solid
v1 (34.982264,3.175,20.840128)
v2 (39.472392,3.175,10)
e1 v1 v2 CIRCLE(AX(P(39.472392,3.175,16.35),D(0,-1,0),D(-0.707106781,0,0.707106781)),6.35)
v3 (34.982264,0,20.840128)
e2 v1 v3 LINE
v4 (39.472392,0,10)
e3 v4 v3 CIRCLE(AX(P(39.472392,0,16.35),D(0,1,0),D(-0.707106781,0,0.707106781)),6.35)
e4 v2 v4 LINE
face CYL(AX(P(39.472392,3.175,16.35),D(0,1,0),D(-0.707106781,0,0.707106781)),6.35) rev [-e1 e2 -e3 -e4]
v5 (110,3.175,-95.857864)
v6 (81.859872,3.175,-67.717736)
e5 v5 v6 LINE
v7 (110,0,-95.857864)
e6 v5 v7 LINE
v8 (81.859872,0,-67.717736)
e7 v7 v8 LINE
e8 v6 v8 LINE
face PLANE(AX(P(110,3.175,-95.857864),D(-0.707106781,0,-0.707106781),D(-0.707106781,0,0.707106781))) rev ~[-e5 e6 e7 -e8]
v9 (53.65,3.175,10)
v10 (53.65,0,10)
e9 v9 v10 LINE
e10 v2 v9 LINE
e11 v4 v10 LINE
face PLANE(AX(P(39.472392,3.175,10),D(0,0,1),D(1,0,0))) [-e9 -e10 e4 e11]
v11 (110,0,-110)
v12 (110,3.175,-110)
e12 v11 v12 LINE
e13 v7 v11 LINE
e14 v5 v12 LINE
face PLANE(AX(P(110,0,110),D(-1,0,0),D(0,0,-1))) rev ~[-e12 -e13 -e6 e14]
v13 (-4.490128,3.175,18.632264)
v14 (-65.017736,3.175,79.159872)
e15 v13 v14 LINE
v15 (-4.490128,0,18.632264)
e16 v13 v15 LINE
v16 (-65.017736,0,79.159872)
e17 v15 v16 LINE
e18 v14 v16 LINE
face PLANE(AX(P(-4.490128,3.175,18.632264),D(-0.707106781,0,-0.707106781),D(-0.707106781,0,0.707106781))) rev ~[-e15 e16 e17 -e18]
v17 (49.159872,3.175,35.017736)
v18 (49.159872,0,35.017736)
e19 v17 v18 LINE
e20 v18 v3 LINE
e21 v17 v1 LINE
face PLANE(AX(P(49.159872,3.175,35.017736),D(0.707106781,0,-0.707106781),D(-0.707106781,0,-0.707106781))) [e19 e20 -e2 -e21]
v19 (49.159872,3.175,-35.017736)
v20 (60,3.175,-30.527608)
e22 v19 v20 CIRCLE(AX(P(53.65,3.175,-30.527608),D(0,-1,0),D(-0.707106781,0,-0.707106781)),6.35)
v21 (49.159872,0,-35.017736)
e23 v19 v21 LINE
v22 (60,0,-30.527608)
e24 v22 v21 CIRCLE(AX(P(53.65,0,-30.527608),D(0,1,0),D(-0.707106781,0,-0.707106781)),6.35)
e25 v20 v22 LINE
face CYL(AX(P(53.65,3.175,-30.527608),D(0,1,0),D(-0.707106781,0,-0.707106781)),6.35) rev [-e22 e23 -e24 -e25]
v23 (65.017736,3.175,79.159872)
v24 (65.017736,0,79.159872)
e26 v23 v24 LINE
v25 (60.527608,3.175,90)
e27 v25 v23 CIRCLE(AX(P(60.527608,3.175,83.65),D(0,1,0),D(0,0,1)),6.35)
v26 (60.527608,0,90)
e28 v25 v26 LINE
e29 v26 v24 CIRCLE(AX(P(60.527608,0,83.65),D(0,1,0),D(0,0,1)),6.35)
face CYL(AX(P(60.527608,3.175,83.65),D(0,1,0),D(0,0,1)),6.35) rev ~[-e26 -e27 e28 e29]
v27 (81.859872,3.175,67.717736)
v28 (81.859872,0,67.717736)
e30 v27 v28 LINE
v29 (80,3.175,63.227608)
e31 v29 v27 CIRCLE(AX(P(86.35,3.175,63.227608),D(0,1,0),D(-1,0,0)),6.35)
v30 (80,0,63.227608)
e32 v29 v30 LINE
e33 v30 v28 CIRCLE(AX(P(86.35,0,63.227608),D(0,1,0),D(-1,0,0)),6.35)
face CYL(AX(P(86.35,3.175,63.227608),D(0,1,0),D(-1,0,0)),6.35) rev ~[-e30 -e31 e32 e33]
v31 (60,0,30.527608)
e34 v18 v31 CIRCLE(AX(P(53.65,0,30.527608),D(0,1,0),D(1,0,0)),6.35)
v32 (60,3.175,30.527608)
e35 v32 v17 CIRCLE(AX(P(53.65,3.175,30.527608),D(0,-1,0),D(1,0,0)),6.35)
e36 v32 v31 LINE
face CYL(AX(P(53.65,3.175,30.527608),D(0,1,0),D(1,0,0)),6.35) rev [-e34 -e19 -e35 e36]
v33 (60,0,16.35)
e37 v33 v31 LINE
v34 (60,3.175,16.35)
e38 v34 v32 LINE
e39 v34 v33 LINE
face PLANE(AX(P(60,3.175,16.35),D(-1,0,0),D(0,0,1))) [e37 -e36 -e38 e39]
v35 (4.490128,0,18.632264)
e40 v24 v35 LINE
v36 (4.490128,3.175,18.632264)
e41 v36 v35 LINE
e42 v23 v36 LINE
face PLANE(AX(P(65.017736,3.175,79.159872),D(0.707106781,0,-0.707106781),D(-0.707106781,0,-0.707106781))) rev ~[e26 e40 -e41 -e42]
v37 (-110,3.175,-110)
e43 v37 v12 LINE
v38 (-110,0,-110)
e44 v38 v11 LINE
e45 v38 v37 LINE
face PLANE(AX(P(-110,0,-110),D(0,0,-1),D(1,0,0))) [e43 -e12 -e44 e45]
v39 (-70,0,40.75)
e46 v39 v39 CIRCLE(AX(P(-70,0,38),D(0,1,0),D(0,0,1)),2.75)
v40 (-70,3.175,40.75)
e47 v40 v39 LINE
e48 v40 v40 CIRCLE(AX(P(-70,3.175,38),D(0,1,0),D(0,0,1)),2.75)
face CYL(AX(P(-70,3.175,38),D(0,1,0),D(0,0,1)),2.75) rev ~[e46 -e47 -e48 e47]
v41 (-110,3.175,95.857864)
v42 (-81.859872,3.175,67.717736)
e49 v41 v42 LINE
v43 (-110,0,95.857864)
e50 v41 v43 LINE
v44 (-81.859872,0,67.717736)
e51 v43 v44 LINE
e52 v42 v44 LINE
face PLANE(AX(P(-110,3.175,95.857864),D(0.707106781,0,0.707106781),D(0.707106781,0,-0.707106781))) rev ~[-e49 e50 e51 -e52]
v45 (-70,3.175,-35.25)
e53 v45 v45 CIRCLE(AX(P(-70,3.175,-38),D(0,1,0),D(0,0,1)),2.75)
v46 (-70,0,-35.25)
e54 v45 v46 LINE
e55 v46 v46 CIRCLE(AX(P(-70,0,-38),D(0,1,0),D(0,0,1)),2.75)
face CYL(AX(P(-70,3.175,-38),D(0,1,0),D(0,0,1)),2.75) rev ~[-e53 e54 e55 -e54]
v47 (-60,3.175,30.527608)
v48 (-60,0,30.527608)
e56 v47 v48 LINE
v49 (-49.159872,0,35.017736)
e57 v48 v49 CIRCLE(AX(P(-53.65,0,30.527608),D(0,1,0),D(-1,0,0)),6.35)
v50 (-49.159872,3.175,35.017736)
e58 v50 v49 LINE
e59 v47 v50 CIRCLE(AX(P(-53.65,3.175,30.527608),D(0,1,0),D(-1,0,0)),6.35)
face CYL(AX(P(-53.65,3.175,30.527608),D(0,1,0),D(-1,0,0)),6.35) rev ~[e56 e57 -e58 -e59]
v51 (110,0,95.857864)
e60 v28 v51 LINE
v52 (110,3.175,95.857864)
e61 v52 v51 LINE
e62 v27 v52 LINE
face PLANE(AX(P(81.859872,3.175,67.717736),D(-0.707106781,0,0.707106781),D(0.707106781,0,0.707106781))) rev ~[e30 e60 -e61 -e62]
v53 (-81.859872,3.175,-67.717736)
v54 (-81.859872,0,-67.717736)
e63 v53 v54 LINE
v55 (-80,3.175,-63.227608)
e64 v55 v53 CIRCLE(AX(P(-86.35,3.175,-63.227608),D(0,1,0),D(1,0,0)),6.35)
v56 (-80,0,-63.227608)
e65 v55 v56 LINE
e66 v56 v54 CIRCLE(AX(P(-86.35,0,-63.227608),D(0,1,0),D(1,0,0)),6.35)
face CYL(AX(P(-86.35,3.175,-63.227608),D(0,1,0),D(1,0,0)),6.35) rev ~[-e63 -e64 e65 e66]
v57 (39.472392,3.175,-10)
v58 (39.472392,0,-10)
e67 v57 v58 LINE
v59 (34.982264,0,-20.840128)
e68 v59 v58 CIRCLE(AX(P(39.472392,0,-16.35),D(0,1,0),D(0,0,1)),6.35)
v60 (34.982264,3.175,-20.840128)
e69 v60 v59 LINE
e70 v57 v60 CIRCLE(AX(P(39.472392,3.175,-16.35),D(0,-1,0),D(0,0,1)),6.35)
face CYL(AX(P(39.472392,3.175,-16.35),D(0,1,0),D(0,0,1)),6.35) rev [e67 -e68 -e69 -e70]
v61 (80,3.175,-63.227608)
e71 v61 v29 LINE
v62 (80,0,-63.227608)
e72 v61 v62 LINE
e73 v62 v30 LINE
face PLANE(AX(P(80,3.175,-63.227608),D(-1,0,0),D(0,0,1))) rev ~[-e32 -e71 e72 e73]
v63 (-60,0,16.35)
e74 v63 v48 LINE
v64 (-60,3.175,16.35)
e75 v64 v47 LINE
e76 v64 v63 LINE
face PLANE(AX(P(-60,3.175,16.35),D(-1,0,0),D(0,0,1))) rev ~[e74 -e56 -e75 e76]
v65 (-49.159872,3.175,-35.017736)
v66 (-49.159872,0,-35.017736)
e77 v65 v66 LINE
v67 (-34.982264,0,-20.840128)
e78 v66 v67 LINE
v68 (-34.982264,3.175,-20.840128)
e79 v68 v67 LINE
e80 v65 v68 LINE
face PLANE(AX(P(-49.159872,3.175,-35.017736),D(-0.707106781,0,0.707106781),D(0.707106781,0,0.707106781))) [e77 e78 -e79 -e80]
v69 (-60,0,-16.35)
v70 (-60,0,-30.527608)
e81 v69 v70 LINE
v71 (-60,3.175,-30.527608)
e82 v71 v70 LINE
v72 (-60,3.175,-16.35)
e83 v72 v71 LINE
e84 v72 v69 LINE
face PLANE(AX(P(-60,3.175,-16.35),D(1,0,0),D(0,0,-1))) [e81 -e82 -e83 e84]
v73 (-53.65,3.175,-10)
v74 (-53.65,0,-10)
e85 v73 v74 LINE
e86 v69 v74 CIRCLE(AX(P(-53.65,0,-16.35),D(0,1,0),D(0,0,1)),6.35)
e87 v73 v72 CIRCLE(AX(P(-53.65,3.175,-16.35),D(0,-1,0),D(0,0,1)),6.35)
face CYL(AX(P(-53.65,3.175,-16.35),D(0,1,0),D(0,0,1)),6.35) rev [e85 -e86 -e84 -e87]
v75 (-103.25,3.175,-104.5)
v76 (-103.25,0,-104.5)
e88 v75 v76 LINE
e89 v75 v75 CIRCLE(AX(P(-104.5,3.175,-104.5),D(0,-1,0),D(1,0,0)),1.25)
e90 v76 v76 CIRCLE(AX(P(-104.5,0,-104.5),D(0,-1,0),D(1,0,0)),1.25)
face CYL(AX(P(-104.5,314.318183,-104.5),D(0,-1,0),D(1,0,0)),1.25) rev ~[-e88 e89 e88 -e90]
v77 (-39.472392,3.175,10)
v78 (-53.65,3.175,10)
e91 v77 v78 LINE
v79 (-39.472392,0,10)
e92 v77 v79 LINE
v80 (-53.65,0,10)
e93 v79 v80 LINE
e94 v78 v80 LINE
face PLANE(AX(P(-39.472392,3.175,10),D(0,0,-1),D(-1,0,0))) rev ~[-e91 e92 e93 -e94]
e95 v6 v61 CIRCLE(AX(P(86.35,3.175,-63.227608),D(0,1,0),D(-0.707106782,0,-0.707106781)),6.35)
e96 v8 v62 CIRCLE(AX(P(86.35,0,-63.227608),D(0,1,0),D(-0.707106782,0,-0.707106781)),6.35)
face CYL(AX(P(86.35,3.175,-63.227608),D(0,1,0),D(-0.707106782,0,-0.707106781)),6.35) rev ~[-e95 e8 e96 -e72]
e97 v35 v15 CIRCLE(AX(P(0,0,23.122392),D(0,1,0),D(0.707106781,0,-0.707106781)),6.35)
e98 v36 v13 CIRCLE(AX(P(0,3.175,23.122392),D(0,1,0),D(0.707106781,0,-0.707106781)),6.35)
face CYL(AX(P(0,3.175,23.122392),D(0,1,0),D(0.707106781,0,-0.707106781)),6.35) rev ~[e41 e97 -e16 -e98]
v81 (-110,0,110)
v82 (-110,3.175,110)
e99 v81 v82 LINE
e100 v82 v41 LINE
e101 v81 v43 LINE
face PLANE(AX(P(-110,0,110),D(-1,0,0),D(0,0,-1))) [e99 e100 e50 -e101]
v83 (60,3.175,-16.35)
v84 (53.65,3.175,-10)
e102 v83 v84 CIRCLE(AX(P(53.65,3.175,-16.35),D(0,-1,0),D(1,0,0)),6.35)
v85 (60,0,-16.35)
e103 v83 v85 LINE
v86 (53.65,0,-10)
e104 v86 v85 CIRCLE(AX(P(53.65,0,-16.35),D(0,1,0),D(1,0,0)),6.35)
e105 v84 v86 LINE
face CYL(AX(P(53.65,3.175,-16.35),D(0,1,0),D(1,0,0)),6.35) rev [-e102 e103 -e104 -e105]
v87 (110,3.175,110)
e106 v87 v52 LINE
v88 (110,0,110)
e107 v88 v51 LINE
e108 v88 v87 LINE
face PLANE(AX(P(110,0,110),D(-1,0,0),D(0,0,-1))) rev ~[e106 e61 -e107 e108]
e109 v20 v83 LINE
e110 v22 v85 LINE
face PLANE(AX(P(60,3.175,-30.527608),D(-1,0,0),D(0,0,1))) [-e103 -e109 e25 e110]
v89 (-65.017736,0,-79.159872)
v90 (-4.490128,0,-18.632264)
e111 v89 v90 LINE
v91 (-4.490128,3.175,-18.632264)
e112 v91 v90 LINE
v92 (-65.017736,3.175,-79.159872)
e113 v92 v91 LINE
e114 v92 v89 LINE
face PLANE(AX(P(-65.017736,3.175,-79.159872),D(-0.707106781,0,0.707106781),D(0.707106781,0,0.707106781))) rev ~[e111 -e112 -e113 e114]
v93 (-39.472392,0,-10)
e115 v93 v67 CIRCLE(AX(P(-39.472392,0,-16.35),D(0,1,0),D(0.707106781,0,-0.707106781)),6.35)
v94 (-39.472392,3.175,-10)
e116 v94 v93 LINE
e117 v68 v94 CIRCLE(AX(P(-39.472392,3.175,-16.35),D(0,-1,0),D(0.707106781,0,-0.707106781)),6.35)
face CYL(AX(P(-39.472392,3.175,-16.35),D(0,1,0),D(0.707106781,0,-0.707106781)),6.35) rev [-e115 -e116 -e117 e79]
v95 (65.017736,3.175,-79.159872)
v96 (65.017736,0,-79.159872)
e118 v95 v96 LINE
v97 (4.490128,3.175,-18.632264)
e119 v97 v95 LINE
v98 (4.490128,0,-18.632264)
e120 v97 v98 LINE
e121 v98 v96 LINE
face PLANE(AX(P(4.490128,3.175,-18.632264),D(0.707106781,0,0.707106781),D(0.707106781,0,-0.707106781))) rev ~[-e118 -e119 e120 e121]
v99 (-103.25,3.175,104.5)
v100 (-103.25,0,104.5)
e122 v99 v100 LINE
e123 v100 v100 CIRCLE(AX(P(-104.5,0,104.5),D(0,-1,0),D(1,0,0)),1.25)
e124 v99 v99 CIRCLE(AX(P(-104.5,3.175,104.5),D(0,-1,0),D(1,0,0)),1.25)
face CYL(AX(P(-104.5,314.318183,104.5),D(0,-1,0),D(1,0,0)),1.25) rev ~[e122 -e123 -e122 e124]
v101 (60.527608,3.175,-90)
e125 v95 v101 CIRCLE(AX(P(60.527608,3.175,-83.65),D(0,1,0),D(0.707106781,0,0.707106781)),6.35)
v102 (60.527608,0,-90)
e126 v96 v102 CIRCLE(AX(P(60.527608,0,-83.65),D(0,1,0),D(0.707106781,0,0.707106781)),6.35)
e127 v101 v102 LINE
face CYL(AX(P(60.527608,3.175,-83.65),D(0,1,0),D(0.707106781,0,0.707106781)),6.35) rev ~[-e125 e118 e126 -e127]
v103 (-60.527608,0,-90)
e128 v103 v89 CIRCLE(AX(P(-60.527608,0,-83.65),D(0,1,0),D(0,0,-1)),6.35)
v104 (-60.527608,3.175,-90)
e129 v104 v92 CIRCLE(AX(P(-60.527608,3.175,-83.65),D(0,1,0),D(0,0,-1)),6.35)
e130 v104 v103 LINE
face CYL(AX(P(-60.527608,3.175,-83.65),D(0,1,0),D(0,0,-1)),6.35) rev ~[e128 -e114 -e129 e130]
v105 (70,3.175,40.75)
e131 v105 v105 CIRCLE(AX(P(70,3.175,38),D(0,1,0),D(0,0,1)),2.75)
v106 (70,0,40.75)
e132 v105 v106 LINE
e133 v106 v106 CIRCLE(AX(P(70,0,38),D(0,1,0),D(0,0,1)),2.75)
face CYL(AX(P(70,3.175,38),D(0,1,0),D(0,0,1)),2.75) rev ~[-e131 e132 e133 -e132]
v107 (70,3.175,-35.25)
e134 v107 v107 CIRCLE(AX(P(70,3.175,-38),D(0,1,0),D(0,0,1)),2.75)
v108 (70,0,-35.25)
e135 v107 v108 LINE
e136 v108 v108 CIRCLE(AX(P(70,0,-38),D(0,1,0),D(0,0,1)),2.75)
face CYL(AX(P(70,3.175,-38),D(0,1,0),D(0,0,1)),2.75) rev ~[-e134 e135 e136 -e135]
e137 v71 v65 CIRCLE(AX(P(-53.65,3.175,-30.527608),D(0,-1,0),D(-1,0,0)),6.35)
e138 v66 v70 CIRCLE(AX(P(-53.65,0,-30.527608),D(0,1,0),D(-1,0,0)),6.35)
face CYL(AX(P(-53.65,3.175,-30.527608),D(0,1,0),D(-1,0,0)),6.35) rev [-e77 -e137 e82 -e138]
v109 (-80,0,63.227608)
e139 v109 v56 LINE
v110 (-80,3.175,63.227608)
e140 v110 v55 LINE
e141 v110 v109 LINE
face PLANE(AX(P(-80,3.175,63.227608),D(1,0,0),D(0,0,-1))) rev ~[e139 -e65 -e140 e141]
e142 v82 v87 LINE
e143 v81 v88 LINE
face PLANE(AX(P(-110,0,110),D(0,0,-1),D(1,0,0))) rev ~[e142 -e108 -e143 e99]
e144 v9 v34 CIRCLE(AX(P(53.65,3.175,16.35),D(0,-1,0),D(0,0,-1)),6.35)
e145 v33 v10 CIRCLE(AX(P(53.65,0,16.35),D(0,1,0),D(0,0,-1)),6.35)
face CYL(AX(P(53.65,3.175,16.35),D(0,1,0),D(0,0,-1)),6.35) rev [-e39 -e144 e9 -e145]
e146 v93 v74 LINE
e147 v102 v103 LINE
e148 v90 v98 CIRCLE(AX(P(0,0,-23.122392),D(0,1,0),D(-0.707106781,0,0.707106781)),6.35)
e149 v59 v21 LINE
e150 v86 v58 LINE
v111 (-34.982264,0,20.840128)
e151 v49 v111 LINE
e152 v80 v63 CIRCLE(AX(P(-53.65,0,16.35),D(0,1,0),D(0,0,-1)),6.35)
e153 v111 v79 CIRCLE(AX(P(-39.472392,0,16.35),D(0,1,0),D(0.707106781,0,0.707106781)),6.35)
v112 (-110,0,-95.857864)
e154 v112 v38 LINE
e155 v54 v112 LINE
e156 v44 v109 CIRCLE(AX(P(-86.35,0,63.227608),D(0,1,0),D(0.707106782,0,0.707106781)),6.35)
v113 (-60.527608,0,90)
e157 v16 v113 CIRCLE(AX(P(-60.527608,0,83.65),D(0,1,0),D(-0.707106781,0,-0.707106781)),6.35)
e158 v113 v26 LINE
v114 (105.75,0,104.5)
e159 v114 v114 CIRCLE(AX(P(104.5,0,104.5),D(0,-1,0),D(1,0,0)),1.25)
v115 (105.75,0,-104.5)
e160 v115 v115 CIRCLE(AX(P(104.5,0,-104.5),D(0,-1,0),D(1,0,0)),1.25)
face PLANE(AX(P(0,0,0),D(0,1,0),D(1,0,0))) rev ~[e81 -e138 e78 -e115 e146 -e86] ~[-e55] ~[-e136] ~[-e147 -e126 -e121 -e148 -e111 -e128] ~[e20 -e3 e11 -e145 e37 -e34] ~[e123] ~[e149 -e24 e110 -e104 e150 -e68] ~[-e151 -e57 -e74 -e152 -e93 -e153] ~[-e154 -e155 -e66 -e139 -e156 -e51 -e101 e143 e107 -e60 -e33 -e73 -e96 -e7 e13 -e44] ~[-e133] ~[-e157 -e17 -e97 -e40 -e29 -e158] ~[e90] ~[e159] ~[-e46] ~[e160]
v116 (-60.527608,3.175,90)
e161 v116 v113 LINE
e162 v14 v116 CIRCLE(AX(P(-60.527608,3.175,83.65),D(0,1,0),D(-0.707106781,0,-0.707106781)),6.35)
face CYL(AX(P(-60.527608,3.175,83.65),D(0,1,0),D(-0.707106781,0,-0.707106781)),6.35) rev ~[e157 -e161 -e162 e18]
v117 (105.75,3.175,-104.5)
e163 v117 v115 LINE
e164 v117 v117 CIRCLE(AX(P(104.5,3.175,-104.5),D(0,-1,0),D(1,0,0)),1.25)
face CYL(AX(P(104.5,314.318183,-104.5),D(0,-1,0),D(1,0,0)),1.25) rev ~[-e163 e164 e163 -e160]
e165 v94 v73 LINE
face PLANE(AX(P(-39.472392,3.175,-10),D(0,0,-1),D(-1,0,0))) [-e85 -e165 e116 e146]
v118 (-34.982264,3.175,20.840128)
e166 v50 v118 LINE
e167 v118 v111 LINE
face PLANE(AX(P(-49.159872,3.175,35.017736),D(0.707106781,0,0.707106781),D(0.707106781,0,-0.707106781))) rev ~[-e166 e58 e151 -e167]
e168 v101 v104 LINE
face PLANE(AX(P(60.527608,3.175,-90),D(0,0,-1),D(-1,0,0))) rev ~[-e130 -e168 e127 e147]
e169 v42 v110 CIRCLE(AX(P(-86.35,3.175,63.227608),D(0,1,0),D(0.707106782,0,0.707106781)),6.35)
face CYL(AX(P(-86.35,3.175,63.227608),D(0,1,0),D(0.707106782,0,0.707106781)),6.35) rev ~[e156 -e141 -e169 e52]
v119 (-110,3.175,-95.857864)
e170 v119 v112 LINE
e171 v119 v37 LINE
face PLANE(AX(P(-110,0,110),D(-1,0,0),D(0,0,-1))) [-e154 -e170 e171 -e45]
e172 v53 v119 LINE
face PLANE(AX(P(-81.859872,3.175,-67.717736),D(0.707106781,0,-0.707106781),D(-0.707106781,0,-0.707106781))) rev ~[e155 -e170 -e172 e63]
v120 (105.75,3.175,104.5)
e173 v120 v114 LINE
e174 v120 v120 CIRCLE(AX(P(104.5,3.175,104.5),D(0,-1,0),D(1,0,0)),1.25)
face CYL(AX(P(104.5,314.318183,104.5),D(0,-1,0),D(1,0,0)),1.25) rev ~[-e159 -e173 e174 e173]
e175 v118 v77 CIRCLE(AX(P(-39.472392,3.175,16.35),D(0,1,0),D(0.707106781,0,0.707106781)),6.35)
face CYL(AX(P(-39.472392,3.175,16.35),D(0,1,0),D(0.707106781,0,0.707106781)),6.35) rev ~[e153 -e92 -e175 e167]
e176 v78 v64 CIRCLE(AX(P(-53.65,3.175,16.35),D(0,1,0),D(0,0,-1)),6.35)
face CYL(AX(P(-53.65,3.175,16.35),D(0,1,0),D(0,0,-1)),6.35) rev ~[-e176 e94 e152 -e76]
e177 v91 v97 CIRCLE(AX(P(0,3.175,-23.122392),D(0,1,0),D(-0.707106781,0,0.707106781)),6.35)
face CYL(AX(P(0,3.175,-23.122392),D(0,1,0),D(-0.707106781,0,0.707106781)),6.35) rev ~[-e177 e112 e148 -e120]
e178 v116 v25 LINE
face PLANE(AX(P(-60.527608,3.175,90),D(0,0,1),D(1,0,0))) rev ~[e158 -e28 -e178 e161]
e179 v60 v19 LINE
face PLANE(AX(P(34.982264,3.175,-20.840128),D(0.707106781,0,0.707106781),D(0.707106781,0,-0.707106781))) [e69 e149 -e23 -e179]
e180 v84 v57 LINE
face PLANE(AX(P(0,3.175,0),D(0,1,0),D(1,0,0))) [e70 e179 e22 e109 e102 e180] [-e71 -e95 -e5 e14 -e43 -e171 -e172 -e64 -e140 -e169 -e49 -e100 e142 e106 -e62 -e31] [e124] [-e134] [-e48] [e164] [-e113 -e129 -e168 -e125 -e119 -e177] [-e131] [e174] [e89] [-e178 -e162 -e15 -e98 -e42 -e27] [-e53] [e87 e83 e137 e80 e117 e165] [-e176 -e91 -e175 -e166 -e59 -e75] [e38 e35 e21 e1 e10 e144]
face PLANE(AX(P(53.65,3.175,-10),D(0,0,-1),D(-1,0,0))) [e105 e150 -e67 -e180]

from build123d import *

# Parameters (mm, degrees)
SKETCH1_W             = 220
SKETCH1_H             = 220
BOSS_EXTRUDE1_DEPTH   = 3.175
M3X0_5_TAPPED_HOLE1_D = 2.5
SKETCH4_R             = 2.75
CUT_EXTRUDE1_DEPTH    = 4.175
CUT_EXTRUDE2_DEPTH    = 4.175


with BuildPart() as part:
    # Sketch1 → Boss-Extrude1 (new body)
    with BuildSketch(Plane(origin=(0, 0, 0), x_dir=(1, 0, 0), z_dir=(0, 1, 0))):
        Rectangle(SKETCH1_W, SKETCH1_H)
    extrude(amount=BOSS_EXTRUDE1_DEPTH)

    # M3x0.5 Tapped Hole1 (through all)
    with Locations(Plane(origin=(0, 3.175, 0), x_dir=(-1, 0, 0), z_dir=(0, 1, 0))):
        with Locations((104.5, -104.5), (-104.5, -104.5), (-104.5, 104.5), (104.5, 104.5)):
            Hole(M3X0_5_TAPPED_HOLE1_D / 2)

    # Sketch4 → Cut-Extrude1 (cut, through all)
    with BuildSketch(Plane(origin=(0, 3.175, 0), x_dir=(1, 0, 0), z_dir=(0, 1, 0))):
        with Locations(Location((-70, 38, 0), (0, 0, 270))):  # turned: the seam where the file's is
            Circle(SKETCH4_R)
        with Locations(Location((-70, -38, 0), (0, 0, 270))):  # turned: the seam where the file's is
            Circle(SKETCH4_R)
        with Locations(Location((70, -38, 0), (0, 0, 270))):  # turned: the seam where the file's is
            Circle(SKETCH4_R)
        with Locations(Location((70, 38, 0), (0, 0, 270))):  # turned: the seam where the file's is
            Circle(SKETCH4_R)
    extrude(amount=-CUT_EXTRUDE1_DEPTH, mode=Mode.SUBTRACT)

    # Sketch5 → Cut-Extrude2 (cut, through all)
    with BuildSketch(Plane(origin=(0, 3.175, 0), x_dir=(1, 0, 0), z_dir=(0, 1, 0))):
        with BuildLine():
            Line((-65.017736316, 79.159871939), (-4.490128061, 18.632263684))
            ThreePointArc((-4.490128061, 18.632263684), (0, 16.772391745), (4.490128061, 18.632263684))
            Line((4.490128061, 18.632263684), (65.017736316, 79.159871939))
            ThreePointArc((65.017736316, 79.159871939), (66.394243287, 86.080039796), (60.527608255, 90))
            Line((60.527608255, 90), (-60.527608255, 90))
            ThreePointArc((-60.527608255, 90), (-66.394243287, 86.080039796), (-65.017736316, 79.159871939))
        make_face()
        with BuildLine():
            Line((-4.490128061, -18.632263684), (-65.017736316, -79.159871939))
            ThreePointArc((-65.017736316, -79.159871939), (-66.394243287, -86.080039796), (-60.527608255, -90))
            Line((-60.527608255, -90), (60.527608255, -90))
            ThreePointArc((60.527608255, -90), (66.394243287, -86.080039796), (65.017736316, -79.159871939))
            Line((65.017736316, -79.159871939), (4.490128061, -18.632263684))
            ThreePointArc((4.490128061, -18.632263684), (0, -16.772391745), (-4.490128061, -18.632263684))
        make_face()
        with BuildLine():
            Line((-60, -16.35), (-60, -30.527608255))
            ThreePointArc((-60, -30.527608255), (-56.080039796, -36.394243287), (-49.159871939, -35.017736316))
            Line((-49.159871939, -35.017736316), (-34.982263684, -20.840128061))
            ThreePointArc((-34.982263684, -20.840128061), (-33.605756713, -13.919960204), (-39.472391745, -10))
            Line((-39.472391745, -10), (-53.65, -10))
            ThreePointArc((-53.65, -10), (-58.140128061, -11.859871939), (-60, -16.35))
        make_face()
        with BuildLine():
            Line((39.472391745, -10), (53.65, -10))
            ThreePointArc((53.65, -10), (58.140128061, -11.859871939), (60, -16.35))
            Line((60, -16.35), (60, -30.527608255))
            ThreePointArc((60, -30.527608255), (56.080039796, -36.394243287), (49.159871939, -35.017736316))
            Line((49.159871939, -35.017736316), (34.982263684, -20.840128061))
            ThreePointArc((34.982263684, -20.840128061), (33.605756713, -13.919960204), (39.472391745, -10))
        make_face()
        with BuildLine():
            Line((34.982263684, 20.840128061), (49.159871939, 35.017736316))
            ThreePointArc((49.159871939, 35.017736316), (56.080039796, 36.394243287), (60, 30.527608255))
            Line((60, 30.527608255), (60, 16.35))
            ThreePointArc((60, 16.35), (58.140128061, 11.859871939), (53.65, 10))
            Line((53.65, 10), (39.472391745, 10))
            ThreePointArc((39.472391745, 10), (33.605756713, 13.919960204), (34.982263684, 20.840128061))
        make_face()
        with BuildLine():
            Line((-39.472391745, 10), (-53.65, 10))
            ThreePointArc((-53.65, 10), (-58.140128061, 11.859871939), (-60, 16.35))
            Line((-60, 16.35), (-60, 30.527608255))
            ThreePointArc((-60, 30.527608255), (-56.080039796, 36.394243287), (-49.159871939, 35.017736316))
            Line((-49.159871939, 35.017736316), (-34.982263684, 20.840128061))
            ThreePointArc((-34.982263684, 20.840128061), (-33.605756713, 13.919960204), (-39.472391745, 10))
        make_face()
        with BuildLine():
            Line((-110, 95.857864376), (-110, -95.857864376))
            Line((-110, -95.857864376), (-81.859871939, -67.717736316))
            ThreePointArc((-81.859871939, -67.717736316), (-80.483364969, -65.657648051), (-80, -63.227608255))
            Line((-80, -63.227608255), (-80, 63.227608255))
            ThreePointArc((-80, 63.227608255), (-80.483364969, 65.657648051), (-81.859871939, 67.717736316))
            Line((-81.859871939, 67.717736316), (-110, 95.857864376))
        make_face()
        with BuildLine():
            Line((110, 95.857864376), (81.859871939, 67.717736316))
            ThreePointArc((81.859871939, 67.717736316), (80.483364969, 65.657648051), (80, 63.227608255))
            Line((80, 63.227608255), (80, -63.227608255))
            ThreePointArc((80, -63.227608255), (80.483364969, -65.657648051), (81.859871939, -67.717736316))
            Line((81.859871939, -67.717736316), (110, -95.857864376))
            Line((110, -95.857864376), (110, 95.857864376))
        make_face()
    extrude(amount=-CUT_EXTRUDE2_DEPTH, mode=Mode.SUBTRACT)


solid = part.part
